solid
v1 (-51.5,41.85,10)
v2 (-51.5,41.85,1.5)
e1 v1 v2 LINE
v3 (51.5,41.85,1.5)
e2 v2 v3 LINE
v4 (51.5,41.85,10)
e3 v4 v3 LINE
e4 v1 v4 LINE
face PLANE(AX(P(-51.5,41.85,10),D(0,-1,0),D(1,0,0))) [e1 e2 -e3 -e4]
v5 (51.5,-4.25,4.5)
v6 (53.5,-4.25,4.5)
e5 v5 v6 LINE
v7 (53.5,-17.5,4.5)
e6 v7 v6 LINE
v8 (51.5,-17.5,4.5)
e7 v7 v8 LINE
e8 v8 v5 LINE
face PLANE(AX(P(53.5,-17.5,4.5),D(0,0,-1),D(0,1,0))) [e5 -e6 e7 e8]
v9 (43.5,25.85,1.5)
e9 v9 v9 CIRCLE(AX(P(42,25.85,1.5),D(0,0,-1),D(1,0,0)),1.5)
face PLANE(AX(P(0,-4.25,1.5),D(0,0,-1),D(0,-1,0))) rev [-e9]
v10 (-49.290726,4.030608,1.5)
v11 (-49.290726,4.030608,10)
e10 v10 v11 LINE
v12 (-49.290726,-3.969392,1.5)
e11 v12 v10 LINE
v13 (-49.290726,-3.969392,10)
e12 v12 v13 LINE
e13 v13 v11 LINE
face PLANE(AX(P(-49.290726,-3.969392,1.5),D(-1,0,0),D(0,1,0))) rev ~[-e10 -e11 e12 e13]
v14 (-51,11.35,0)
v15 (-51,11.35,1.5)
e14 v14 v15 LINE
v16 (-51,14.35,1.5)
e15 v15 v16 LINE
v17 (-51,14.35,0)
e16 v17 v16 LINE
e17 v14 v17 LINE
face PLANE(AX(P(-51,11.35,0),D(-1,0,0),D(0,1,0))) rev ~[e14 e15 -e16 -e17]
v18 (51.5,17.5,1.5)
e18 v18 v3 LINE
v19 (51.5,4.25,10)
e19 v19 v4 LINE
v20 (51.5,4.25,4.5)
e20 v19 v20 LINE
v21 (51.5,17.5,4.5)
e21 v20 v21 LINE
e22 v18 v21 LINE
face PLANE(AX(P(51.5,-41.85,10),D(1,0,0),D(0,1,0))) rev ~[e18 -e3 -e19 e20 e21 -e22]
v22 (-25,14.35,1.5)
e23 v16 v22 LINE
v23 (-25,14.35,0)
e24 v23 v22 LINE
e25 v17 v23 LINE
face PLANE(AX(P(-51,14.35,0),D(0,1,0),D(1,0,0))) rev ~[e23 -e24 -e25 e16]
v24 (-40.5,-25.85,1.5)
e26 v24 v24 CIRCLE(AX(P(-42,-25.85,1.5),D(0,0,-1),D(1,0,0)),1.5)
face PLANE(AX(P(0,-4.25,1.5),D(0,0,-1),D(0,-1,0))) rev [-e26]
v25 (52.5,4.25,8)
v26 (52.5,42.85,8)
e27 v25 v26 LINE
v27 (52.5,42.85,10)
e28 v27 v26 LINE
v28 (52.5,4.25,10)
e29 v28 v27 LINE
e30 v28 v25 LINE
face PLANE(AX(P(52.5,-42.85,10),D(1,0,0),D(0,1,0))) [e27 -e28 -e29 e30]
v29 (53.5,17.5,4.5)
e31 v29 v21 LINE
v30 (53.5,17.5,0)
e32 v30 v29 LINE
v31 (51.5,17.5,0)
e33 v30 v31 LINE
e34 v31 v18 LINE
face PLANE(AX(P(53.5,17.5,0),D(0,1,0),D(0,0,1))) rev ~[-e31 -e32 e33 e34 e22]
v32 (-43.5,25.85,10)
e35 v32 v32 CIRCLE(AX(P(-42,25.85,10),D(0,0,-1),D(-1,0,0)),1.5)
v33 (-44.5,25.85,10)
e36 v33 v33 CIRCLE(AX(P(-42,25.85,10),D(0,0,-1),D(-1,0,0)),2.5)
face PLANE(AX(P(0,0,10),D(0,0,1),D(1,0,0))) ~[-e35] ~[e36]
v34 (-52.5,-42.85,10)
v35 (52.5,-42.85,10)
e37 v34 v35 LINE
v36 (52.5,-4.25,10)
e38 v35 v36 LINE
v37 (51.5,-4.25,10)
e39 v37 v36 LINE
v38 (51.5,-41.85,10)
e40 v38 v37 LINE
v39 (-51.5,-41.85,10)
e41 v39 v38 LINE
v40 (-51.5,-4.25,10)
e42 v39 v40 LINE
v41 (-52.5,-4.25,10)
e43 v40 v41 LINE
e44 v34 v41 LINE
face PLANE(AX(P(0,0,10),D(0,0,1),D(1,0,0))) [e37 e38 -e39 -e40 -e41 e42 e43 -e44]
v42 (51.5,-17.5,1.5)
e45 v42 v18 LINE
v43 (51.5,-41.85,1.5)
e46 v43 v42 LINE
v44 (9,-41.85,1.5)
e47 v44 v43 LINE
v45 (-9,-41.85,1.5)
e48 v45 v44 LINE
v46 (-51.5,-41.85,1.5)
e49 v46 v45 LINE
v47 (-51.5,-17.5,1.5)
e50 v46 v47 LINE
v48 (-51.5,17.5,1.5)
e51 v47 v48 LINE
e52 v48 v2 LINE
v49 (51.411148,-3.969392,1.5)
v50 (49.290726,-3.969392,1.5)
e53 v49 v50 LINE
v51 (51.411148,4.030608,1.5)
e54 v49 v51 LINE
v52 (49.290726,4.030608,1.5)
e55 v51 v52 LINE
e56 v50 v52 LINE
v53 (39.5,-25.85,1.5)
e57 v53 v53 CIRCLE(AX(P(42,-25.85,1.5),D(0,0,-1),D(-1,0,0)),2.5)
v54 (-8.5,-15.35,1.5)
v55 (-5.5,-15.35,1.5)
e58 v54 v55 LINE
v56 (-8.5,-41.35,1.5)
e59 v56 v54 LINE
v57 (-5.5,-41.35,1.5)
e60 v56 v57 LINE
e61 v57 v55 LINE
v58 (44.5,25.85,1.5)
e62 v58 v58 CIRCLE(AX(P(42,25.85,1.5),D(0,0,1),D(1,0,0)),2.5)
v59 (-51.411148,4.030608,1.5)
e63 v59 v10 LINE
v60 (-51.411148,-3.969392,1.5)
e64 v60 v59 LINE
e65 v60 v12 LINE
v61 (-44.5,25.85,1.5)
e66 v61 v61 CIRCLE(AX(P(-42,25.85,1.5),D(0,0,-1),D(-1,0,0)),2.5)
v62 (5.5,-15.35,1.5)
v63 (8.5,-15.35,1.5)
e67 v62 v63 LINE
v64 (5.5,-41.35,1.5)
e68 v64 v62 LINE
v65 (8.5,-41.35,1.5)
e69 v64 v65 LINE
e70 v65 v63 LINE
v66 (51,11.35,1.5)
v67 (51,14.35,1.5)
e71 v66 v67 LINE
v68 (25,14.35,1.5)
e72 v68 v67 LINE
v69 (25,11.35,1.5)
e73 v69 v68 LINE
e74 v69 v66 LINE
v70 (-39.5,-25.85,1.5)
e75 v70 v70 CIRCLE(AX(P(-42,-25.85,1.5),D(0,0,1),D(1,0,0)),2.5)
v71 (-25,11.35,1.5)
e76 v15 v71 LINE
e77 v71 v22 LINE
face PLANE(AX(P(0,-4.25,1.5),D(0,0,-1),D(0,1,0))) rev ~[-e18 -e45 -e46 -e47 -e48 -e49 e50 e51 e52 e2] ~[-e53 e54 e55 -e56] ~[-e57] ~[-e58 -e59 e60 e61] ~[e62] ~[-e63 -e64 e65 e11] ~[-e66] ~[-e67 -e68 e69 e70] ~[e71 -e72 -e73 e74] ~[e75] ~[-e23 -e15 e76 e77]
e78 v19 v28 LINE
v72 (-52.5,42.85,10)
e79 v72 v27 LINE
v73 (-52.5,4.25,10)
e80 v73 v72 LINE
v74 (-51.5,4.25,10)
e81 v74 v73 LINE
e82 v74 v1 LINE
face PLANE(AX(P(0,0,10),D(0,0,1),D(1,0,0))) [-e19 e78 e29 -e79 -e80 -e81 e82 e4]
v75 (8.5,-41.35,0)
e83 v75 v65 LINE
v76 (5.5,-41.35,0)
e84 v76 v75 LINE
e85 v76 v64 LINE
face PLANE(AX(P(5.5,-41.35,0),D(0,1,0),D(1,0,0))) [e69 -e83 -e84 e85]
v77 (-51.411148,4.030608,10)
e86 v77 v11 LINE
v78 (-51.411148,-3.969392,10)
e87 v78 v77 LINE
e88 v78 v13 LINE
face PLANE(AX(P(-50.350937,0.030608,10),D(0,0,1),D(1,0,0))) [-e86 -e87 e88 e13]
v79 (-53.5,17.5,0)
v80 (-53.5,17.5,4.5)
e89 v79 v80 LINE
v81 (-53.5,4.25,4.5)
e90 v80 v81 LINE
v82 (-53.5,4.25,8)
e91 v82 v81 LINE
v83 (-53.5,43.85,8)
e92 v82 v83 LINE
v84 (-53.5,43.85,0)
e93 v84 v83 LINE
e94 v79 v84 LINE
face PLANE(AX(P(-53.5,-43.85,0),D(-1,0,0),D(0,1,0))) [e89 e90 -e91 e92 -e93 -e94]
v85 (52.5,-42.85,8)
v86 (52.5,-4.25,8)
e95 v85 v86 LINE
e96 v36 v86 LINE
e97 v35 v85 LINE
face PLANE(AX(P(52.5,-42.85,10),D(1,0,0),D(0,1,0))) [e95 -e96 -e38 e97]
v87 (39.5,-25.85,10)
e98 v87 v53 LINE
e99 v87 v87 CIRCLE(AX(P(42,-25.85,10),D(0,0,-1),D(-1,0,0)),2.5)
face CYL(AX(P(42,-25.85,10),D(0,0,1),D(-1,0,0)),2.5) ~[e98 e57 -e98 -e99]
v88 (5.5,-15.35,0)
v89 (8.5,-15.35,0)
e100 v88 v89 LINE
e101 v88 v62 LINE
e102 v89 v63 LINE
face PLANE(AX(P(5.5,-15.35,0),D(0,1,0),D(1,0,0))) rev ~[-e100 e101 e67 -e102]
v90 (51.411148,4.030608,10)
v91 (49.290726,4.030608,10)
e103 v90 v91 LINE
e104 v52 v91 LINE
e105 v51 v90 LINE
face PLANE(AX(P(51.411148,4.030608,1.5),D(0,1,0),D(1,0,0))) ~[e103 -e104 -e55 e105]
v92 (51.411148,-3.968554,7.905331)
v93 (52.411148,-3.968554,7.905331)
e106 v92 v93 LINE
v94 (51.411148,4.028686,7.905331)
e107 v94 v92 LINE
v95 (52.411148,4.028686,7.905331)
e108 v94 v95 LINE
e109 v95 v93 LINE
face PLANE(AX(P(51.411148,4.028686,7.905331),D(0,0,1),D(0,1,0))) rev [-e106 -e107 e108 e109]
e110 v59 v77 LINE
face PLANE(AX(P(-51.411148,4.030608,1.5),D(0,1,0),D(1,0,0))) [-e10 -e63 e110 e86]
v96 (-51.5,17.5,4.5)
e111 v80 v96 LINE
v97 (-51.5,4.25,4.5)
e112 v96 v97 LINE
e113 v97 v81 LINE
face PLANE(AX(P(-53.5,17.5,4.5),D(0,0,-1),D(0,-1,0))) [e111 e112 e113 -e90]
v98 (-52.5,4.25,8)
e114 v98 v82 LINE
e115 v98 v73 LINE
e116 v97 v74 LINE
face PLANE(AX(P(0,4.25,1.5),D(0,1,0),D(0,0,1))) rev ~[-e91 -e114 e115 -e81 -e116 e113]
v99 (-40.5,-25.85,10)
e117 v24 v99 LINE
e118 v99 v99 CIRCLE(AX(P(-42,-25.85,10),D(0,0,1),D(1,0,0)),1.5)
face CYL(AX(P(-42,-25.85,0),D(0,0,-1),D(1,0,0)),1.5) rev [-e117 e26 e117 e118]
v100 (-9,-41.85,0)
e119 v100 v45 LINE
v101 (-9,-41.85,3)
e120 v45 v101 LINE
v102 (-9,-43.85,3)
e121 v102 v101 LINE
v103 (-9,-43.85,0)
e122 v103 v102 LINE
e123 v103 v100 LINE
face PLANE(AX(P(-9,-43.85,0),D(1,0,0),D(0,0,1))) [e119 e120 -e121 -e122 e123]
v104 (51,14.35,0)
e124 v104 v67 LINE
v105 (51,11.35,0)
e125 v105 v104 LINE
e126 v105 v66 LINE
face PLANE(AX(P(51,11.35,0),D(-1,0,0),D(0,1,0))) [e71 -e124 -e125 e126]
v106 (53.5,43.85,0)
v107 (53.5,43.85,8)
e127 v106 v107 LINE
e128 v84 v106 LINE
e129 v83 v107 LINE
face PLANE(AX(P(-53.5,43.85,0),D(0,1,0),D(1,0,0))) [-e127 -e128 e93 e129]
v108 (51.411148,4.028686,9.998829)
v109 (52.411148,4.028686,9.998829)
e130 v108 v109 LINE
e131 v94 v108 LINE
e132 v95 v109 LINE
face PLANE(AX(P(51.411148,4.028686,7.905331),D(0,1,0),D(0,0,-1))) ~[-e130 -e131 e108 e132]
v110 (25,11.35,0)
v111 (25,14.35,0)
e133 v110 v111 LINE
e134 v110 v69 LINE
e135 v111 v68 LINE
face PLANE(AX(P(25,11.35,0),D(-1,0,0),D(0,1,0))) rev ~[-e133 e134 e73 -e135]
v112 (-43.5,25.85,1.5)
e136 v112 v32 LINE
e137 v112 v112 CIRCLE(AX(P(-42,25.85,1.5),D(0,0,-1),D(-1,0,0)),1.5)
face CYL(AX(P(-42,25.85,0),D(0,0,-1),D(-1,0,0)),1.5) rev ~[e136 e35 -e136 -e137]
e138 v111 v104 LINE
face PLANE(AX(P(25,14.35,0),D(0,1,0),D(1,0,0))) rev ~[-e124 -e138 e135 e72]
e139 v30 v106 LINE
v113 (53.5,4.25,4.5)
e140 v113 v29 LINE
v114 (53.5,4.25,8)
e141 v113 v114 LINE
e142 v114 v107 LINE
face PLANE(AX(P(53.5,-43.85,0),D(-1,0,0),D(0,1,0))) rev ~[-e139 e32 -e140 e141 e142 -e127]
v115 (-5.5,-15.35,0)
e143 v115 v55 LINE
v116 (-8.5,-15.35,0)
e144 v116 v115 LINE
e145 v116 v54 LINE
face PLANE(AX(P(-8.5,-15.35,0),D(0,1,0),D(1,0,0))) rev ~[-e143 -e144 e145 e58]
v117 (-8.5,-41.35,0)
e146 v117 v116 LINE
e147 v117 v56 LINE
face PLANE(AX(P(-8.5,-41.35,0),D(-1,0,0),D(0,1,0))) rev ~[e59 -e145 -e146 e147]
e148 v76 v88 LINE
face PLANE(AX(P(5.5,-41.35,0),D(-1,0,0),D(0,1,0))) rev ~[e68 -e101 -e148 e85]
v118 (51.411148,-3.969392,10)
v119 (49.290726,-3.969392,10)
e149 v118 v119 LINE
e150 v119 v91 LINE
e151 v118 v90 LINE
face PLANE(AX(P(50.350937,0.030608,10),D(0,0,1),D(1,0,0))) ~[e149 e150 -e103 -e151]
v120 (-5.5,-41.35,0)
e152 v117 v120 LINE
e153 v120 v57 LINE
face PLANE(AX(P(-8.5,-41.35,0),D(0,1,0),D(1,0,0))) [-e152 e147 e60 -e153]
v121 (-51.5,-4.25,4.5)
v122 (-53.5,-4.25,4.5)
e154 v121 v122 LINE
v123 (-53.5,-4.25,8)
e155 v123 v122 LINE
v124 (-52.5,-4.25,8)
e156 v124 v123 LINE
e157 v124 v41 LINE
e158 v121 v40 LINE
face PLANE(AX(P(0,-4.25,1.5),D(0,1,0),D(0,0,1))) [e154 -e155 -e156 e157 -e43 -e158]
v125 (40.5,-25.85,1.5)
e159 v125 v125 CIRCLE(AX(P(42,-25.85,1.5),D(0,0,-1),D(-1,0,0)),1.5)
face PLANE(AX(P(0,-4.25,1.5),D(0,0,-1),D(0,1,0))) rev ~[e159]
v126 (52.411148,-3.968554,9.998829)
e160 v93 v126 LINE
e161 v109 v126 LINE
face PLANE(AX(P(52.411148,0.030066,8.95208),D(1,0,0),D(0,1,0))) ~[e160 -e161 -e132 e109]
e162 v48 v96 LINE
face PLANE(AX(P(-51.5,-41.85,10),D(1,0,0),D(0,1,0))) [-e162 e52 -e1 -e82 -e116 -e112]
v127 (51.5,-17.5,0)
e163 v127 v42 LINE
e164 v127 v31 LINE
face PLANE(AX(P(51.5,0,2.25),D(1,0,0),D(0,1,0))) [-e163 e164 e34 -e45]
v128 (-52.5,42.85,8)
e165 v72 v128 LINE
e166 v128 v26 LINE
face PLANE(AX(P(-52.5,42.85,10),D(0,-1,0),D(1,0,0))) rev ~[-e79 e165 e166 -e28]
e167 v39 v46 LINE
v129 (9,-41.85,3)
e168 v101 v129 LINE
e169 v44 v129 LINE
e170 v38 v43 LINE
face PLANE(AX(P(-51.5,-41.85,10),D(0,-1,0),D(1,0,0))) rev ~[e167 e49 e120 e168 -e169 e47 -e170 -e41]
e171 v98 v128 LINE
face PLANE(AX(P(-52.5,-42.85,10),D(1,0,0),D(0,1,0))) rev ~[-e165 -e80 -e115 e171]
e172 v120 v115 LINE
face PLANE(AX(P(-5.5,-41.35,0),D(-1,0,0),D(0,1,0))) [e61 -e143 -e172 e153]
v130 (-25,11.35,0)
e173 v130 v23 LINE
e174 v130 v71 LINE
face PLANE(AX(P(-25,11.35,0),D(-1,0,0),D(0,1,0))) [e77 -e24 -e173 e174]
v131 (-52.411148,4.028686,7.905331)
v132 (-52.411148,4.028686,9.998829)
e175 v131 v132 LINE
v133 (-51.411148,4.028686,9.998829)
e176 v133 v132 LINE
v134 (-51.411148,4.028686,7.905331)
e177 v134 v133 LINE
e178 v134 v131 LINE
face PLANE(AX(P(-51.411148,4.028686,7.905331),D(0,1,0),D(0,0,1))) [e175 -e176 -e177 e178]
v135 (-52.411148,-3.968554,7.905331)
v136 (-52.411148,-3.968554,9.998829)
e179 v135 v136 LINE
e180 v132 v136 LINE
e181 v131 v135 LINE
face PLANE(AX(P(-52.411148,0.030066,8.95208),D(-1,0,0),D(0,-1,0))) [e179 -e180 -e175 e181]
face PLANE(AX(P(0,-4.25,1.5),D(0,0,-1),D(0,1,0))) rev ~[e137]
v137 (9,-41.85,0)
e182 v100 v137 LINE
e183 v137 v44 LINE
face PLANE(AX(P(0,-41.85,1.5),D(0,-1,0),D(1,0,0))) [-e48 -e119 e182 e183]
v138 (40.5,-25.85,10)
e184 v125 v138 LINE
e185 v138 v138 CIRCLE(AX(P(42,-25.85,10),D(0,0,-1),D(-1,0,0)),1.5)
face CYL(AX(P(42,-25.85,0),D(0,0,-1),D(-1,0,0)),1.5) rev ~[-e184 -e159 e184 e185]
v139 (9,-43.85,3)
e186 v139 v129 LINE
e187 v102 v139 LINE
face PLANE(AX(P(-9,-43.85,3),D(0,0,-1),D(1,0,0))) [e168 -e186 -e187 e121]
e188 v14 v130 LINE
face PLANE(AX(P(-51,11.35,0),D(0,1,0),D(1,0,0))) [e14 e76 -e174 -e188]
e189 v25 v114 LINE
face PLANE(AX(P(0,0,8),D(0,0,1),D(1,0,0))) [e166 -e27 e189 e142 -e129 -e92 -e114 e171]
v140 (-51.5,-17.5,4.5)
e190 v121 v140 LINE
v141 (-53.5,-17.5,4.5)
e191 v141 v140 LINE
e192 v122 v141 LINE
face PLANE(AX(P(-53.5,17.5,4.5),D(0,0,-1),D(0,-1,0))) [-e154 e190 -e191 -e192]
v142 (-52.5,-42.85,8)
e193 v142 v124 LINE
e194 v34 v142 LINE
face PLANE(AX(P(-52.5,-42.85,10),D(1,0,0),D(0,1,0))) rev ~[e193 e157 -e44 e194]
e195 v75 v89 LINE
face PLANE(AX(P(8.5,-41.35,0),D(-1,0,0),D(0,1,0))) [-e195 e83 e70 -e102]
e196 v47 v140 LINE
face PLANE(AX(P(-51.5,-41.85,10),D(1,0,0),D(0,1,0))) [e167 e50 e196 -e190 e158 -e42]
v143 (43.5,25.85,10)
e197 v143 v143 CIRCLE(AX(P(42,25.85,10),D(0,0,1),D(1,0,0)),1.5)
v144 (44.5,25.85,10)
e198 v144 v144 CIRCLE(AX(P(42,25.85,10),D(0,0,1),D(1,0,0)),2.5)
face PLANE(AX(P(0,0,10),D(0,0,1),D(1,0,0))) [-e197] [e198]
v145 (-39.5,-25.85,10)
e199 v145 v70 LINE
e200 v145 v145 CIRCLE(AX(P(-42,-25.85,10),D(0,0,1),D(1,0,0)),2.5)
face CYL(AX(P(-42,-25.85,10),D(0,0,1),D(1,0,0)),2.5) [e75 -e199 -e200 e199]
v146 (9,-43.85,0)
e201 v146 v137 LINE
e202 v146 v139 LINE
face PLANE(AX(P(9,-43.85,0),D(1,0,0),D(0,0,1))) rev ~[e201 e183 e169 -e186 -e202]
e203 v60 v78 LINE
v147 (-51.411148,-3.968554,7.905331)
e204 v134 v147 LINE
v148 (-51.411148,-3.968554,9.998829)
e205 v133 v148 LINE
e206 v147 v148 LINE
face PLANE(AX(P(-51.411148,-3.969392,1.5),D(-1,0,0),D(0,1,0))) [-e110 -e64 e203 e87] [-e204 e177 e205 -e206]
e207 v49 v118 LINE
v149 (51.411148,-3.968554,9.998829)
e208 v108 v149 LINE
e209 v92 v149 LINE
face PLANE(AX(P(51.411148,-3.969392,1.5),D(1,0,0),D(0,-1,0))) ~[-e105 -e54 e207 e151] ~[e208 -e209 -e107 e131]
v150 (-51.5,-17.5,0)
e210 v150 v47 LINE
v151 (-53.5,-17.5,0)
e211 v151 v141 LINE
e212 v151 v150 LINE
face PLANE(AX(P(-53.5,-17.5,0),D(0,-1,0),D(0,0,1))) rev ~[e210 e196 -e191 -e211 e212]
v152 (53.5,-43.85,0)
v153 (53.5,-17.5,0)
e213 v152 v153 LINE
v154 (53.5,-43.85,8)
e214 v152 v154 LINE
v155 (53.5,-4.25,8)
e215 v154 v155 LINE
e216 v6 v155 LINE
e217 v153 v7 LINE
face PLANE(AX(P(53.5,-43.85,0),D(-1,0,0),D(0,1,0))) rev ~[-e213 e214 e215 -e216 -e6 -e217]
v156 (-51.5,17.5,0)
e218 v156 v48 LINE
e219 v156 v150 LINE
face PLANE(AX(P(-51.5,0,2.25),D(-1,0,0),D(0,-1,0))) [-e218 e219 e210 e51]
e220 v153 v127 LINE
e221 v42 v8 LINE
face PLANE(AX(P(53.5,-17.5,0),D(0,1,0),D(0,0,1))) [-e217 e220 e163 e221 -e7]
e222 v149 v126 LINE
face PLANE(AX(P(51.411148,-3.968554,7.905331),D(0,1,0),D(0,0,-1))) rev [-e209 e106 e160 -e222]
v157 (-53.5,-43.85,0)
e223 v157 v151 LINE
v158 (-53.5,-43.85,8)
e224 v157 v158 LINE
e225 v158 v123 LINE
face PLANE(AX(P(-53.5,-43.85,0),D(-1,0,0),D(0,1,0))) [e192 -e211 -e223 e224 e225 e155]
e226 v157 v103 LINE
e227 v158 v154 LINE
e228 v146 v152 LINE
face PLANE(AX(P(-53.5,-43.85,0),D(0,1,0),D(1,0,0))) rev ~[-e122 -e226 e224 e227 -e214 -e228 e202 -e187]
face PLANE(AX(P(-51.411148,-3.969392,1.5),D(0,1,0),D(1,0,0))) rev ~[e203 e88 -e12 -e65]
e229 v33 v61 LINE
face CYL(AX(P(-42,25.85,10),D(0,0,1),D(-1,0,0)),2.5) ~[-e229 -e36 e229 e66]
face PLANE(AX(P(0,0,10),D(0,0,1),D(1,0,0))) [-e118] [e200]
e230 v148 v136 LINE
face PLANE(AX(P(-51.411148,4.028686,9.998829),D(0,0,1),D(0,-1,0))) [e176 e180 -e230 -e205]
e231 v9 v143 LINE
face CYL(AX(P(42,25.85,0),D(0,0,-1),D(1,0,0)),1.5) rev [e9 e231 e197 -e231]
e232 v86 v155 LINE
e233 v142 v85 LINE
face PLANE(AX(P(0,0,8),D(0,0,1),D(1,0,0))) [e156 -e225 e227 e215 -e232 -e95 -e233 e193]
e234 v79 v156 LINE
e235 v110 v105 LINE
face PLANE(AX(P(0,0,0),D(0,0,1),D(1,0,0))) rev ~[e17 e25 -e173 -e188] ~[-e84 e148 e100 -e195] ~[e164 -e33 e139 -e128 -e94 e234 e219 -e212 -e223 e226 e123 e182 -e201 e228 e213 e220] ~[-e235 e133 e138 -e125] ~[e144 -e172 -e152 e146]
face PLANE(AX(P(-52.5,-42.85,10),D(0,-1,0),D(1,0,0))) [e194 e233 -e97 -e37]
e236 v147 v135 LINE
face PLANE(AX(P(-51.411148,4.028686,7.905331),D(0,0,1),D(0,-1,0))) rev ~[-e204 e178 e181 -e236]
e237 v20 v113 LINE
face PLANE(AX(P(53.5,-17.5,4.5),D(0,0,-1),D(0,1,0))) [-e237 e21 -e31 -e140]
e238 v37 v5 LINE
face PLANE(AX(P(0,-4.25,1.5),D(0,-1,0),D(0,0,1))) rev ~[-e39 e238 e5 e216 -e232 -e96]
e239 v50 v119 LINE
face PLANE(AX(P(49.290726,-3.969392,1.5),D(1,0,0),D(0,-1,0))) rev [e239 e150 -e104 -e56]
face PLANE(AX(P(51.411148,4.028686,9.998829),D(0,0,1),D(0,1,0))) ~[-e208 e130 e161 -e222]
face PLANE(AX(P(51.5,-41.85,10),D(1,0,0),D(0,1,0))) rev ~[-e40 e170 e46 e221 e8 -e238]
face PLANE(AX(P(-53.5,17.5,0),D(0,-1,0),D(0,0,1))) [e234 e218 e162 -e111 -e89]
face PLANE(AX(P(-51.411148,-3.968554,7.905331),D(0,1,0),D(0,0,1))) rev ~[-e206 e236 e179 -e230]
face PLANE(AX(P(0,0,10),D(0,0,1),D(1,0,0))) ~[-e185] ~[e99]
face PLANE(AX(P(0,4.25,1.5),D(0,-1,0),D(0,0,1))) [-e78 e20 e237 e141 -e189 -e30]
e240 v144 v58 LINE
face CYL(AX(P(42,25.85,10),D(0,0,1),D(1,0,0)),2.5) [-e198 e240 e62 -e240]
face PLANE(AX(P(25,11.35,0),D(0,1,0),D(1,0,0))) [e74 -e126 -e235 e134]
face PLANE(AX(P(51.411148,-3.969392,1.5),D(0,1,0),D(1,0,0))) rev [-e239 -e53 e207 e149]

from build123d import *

# Parameters (mm, degrees)
SKETCH_W             = 107
SKETCH_H             = 87.7
SKETCH_R             = 1.5
SKETCH_W_2           = 3
SKETCH_H_2           = 26
SKETCH_W_3           = 26
SKETCH_H_3           = 3
PAD_DEPTH            = 10
SKETCH001_W          = 103
SKETCH001_H          = 83.7
SKETCH001_R          = 2.5
POCKET_DEPTH         = 8.5
SKETCH002_W          = 107
SKETCH002_H          = 87.7
SKETCH002_W_2        = 105
SKETCH002_H_2        = 85.7
POCKET001_DEPTH      = 2
SKETCH003_W          = 8.5
SKETCH003_H          = 8.5
POCKET002_DEPTH      = 53.501
POCKET002_DEPTH_BACK = 53.501
SKETCH004_W          = 18
SKETCH004_H          = 3
POCKET003_DEPTH      = 2
SKETCH005_W          = 35
SKETCH005_H          = 4.5
POCKET004_DEPTH      = 2
SKETCH006_W          = 35
SKETCH006_H          = 4.5
POCKET005_DEPTH      = 2
SKETCH007_W          = 2.120422
SKETCH007_H          = 8
PAD001_DEPTH         = 8.5
SKETCH008_W          = 7.99724
SKETCH008_H          = 2.093498
PAD002_DEPTH         = 1


with BuildPart() as part:
    # Sketch → Pad (new body)
    with BuildSketch(Plane.XY):
        Rectangle(SKETCH_W, SKETCH_H)
        with Locations((-42, -25.85)):
            Circle(SKETCH_R, mode=Mode.SUBTRACT)
        with Locations((42, 25.85)):
            Circle(SKETCH_R, mode=Mode.SUBTRACT)
        with Locations((-7, -28.35)):
            Rectangle(SKETCH_W_2, SKETCH_H_2, mode=Mode.SUBTRACT)
        with Locations((7, -28.35)):
            Rectangle(SKETCH_W_2, SKETCH_H_2, mode=Mode.SUBTRACT)
        with Locations((38, 12.85)):
            Rectangle(SKETCH_W_3, SKETCH_H_3, mode=Mode.SUBTRACT)
        with Locations((-38, 12.85)):
            Rectangle(SKETCH_W_3, SKETCH_H_3, mode=Mode.SUBTRACT)
    extrude(amount=PAD_DEPTH)

    # Sketch001 (on Face24 of Pad) → Pocket (cut)
    with BuildSketch(Plane.XY.offset(10)):
        Rectangle(SKETCH001_W, SKETCH001_H)
        with Locations((-42, -25.85)):
            Circle(SKETCH001_R, mode=Mode.SUBTRACT)
        with Locations((42, 25.85)):
            Circle(SKETCH001_R, mode=Mode.SUBTRACT)
    extrude(amount=-POCKET_DEPTH, mode=Mode.SUBTRACT)

    # Sketch002 (on Face5 of Pocket) → Pocket001 (cut)
    with BuildSketch(Plane.XY.offset(10)):
        Rectangle(SKETCH002_W, SKETCH002_H)
        Rectangle(SKETCH002_W_2, SKETCH002_H_2, mode=Mode.SUBTRACT)
    extrude(amount=-POCKET001_DEPTH, mode=Mode.SUBTRACT)

    # Sketch003 → Pocket002 (cut, two sides)
    with BuildSketch(Plane.YZ) as pocket002_sk:
        with Locations((0, 5.75)):
            Rectangle(SKETCH003_W, SKETCH003_H)
    extrude(amount=-POCKET002_DEPTH, mode=Mode.SUBTRACT)
    extrude(pocket002_sk.sketch, amount=POCKET002_DEPTH_BACK, mode=Mode.SUBTRACT)

    # Sketch004 (on Face1 of Pocket002) → Pocket003 (cut)
    with BuildSketch(Plane.XZ.offset(43.85)):
        with Locations((0, 1.5)):
            Rectangle(SKETCH004_W, SKETCH004_H)
    extrude(amount=-POCKET003_DEPTH, mode=Mode.SUBTRACT)

    # Sketch005 (on Face6 of Pocket003) → Pocket004 (cut)
    with BuildSketch(Plane.YZ.offset(53.5)):
        with Locations((0, 2.25)):
            Rectangle(SKETCH005_W, SKETCH005_H)
    extrude(amount=-POCKET004_DEPTH, mode=Mode.SUBTRACT)

    # Sketch006 (on Face8 of Pocket004) → Pocket005 (cut)
    with BuildSketch(Plane(origin=(-53.5, 0, 0), x_dir=(0, -1, 0), z_dir=(-1, 0, 0))):
        with Locations((0, 2.25)):
            Rectangle(SKETCH006_W, SKETCH006_H)
    extrude(amount=-POCKET005_DEPTH, mode=Mode.SUBTRACT)

    # Sketch007 (on Face49 of Pocket005) → Pad001 (join)
    with BuildSketch(Plane.XY.offset(1.5)):
        with Locations((-50.350937, 0.030608)):
            Rectangle(SKETCH007_W, SKETCH007_H)
    extrude(amount=PAD001_DEPTH)

    # Sketch008 (on Face64 of Pad001) → Pad002 (join)
    with BuildSketch(Plane(origin=(-51.411148, 0, 0), x_dir=(0, -1, 0), z_dir=(-1, 0, 0))):
        with Locations((-0.030066, 8.95208)):
            Rectangle(SKETCH008_W, SKETCH008_H)
    extrude(amount=PAD002_DEPTH)

    # Mirrored: part across YZ


with BuildPart() as part_1:
    add(part.part)
    add(part.part.mirror(Plane.YZ))


solid = part_1.part
